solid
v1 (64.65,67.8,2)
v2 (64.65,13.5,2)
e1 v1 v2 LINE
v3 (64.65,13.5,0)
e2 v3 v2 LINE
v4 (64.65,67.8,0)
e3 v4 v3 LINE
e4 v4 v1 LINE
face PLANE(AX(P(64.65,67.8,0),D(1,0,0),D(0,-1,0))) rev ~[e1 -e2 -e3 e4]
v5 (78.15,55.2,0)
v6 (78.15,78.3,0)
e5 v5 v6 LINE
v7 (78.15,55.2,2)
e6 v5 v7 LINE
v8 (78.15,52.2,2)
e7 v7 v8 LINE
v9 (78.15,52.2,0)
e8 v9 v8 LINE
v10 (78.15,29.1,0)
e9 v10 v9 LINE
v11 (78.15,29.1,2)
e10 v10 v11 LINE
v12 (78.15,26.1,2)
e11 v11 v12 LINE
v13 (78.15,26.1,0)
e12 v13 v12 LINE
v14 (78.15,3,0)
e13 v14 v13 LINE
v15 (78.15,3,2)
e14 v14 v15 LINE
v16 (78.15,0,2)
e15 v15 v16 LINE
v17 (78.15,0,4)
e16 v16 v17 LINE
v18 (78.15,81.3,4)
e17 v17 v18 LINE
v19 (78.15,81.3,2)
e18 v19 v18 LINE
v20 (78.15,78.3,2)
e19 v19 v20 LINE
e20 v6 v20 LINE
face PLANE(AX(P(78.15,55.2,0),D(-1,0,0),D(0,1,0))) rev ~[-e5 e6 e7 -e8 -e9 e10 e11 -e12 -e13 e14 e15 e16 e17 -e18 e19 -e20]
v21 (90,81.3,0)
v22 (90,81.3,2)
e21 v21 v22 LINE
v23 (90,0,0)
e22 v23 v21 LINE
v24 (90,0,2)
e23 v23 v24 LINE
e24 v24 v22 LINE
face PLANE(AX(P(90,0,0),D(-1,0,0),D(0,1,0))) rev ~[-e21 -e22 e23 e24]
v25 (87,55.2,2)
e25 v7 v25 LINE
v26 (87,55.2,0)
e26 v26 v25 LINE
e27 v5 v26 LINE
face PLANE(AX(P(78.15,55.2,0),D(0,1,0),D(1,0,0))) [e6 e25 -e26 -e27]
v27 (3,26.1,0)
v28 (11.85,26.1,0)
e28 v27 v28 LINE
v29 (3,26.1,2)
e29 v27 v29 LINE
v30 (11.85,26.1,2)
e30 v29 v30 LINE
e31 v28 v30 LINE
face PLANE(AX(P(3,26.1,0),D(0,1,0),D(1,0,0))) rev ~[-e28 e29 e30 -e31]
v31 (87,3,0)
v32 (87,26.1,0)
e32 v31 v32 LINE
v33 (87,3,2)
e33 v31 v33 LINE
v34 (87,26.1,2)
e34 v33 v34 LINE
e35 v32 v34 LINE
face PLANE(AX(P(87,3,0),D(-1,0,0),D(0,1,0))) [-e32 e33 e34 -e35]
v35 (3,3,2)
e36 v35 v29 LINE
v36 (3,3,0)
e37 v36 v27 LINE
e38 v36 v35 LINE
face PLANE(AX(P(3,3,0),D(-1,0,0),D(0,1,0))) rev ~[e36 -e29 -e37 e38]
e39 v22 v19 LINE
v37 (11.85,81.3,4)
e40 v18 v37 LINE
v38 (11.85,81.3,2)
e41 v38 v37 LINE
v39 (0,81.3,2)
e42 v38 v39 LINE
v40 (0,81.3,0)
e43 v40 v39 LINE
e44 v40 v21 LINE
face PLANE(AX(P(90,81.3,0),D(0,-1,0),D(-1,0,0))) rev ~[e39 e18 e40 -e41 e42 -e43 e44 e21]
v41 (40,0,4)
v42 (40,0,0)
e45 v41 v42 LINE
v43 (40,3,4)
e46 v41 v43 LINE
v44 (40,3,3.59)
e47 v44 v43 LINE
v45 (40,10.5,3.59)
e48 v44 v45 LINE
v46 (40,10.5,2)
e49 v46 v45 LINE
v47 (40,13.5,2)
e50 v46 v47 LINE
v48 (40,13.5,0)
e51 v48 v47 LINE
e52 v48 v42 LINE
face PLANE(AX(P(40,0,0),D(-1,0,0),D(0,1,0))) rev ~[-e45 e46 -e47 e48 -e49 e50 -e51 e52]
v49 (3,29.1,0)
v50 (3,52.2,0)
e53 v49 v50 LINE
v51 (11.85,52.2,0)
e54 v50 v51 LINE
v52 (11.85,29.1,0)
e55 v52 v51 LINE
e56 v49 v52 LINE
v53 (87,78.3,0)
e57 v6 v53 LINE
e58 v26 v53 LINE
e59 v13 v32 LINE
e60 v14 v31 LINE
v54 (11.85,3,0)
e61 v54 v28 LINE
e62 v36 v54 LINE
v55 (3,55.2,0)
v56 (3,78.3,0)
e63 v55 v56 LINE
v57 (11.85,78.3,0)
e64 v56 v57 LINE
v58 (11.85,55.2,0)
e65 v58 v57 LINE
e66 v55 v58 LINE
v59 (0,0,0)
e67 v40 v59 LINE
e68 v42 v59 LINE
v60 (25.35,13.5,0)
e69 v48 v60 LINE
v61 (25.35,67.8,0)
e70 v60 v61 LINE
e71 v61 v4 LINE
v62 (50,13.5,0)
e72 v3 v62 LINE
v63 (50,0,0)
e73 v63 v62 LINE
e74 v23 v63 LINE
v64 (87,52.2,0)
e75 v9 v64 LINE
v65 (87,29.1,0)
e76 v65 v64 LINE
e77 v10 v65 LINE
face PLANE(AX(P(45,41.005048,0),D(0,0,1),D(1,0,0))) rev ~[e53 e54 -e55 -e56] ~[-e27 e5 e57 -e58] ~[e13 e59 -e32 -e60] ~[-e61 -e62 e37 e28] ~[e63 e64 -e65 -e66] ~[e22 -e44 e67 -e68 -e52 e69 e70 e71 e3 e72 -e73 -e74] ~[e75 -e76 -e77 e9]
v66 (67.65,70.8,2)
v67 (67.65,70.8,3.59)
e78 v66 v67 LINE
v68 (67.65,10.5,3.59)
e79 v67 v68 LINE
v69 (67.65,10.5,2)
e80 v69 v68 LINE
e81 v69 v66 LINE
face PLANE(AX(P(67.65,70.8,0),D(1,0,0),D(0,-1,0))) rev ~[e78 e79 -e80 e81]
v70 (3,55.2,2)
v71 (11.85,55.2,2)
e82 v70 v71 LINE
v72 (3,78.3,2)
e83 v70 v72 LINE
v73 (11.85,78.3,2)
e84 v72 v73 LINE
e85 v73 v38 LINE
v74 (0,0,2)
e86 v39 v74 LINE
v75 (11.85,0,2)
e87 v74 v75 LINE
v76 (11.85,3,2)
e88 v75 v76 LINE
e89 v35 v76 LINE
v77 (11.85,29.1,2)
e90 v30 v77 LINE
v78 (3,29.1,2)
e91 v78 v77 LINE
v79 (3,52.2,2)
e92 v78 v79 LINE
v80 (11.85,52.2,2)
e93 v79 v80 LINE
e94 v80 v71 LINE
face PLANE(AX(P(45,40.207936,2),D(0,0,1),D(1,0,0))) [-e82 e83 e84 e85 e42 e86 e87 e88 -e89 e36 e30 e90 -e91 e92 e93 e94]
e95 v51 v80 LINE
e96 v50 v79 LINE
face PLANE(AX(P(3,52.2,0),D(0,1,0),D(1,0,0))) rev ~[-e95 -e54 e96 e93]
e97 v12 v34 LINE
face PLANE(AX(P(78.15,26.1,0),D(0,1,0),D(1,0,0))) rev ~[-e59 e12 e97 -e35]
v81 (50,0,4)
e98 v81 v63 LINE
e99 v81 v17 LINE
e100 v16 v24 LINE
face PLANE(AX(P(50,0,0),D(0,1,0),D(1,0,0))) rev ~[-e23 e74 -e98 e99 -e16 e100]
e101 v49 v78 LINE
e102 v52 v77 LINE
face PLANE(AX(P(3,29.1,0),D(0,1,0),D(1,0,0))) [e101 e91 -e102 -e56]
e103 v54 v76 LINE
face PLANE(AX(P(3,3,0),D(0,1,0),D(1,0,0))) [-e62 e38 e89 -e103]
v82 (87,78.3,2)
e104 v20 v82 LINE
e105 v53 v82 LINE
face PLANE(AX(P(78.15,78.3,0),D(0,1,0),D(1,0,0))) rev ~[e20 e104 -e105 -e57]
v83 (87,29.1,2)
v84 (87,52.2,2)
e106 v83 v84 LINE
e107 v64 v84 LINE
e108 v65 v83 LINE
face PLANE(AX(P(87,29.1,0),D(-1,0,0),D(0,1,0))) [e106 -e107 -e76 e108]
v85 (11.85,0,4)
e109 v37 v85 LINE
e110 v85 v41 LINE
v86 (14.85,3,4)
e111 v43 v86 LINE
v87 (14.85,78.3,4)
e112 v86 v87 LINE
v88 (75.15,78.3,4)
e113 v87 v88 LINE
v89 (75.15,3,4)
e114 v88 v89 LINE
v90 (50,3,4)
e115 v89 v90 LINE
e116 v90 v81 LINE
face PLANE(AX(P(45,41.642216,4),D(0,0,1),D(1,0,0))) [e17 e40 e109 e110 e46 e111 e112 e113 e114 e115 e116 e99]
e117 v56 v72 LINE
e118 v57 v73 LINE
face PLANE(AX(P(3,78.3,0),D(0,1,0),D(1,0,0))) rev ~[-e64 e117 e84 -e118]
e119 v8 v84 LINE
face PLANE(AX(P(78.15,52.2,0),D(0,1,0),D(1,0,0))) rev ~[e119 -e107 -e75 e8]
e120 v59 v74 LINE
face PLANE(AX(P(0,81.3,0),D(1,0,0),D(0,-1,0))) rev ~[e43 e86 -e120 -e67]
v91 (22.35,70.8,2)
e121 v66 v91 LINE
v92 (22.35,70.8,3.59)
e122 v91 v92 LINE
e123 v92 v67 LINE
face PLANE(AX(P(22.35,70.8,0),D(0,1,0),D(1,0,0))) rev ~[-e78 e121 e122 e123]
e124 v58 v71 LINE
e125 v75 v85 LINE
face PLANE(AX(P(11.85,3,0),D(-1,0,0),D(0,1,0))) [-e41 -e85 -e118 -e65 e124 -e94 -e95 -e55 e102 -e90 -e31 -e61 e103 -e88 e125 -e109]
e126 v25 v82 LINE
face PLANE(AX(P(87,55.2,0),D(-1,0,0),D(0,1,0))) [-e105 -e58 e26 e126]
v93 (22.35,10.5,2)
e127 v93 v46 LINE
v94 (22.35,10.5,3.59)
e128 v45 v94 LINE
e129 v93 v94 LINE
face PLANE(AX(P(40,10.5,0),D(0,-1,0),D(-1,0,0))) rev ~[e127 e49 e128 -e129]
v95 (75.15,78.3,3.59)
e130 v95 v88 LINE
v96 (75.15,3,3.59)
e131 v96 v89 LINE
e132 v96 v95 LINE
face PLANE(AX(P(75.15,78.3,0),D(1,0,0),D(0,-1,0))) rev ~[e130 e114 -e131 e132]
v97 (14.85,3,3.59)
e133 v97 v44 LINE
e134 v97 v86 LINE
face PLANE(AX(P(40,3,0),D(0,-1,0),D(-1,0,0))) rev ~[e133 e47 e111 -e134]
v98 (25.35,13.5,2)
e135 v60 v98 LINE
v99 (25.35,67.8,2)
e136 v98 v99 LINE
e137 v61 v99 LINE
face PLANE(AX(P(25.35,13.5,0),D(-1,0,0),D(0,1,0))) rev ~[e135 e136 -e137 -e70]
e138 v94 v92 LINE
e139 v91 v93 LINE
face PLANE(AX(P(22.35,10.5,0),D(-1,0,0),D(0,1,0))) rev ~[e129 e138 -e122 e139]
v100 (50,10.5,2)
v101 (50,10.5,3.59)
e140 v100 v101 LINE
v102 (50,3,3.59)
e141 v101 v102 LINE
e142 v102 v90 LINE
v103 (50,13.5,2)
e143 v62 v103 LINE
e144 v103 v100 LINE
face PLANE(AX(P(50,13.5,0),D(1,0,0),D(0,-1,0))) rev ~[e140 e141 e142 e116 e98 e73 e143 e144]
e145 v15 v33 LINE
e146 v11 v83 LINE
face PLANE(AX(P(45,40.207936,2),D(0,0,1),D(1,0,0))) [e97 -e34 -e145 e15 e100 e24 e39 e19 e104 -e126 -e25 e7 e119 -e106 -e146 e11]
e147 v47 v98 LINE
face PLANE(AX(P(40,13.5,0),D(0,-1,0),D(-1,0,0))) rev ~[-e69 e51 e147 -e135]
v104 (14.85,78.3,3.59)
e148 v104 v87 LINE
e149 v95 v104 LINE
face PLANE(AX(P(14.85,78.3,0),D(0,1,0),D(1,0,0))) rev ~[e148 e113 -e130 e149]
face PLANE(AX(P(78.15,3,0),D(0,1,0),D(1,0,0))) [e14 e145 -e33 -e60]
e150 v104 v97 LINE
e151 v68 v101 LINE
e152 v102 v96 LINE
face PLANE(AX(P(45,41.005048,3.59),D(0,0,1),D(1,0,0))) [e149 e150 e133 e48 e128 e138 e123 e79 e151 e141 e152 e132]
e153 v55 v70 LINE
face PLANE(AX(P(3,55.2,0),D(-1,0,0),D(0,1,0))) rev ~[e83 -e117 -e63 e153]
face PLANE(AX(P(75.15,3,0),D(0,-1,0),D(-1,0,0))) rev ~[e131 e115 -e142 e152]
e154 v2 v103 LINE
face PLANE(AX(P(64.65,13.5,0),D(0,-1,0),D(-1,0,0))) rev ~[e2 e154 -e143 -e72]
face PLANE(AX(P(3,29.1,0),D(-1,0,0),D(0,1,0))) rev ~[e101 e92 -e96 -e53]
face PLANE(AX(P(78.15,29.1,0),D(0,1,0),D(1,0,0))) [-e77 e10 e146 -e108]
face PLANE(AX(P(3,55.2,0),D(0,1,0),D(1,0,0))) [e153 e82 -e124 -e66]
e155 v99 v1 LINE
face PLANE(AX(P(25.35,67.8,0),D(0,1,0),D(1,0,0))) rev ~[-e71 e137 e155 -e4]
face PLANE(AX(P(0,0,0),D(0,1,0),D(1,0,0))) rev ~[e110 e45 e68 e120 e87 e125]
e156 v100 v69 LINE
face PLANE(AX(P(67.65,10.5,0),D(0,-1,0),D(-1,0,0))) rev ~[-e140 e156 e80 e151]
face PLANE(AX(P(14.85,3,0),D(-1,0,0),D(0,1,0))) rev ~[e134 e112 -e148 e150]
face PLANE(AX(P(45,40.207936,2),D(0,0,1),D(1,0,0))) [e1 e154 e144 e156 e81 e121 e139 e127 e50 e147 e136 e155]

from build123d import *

# Parameters (mm, degrees)
SKETCH1_W           = 8.85
SKETCH1_H           = 23.1
BOSS_EXTRUDE1_DEPTH = 2
BOSS_EXTRUDE2_DEPTH = 3.59
BOSS_EXTRUDE3_DEPTH = 4


with BuildPart() as part:
    # Sketch1 → Boss-Extrude1 (new body)
    with BuildSketch(Plane.XY):
        Polygon((0, 81.3), (0, 0), (40, 0), (40, 13.5), (25.35, 13.5), (25.35, 67.8), (64.65, 67.8), (64.65, 13.5), (50, 13.5), (50, 0), (90, 0), (90, 81.3), align=None)
        with Locations((82.575, 14.55)):
            Rectangle(SKETCH1_W, SKETCH1_H, mode=Mode.SUBTRACT)
        with Locations((82.575, 40.65)):
            Rectangle(SKETCH1_W, SKETCH1_H, mode=Mode.SUBTRACT)
        with Locations((82.575, 66.75)):
            Rectangle(SKETCH1_W, SKETCH1_H, mode=Mode.SUBTRACT)
        with Locations((7.425, 66.75)):
            Rectangle(SKETCH1_W, SKETCH1_H, mode=Mode.SUBTRACT)
        with Locations((7.425, 40.65)):
            Rectangle(SKETCH1_W, SKETCH1_H, mode=Mode.SUBTRACT)
        with Locations((7.425, 14.55)):
            Rectangle(SKETCH1_W, SKETCH1_H, mode=Mode.SUBTRACT)
    extrude(amount=BOSS_EXTRUDE1_DEPTH)

    # Sketch1<3> → Boss-Extrude2 (add)
    with BuildSketch(Plane.XY):
        Polygon((14.85, 3), (40, 3), (40, 10.5), (22.35, 10.5), (22.35, 70.8), (67.65, 70.8), (67.65, 10.5), (50, 10.5), (50, 3), (75.15, 3), (75.15, 78.3), (14.85, 78.3), align=None)
    extrude(amount=BOSS_EXTRUDE2_DEPTH)

    # Sketch1<4> → Boss-Extrude3 (add)
    with BuildSketch(Plane.XY):
        Polygon((11.85, 3), (11.85, 0), (40, 0), (40, 3), (14.85, 3), (14.85, 78.3), (75.15, 78.3), (75.15, 3), (50, 3), (50, 0), (78.15, 0), (78.15, 3), (78.15, 26.1), (78.15, 29.1), (78.15, 52.2), (78.15, 55.2), (78.15, 78.3), (78.15, 81.3), (11.85, 81.3), (11.85, 78.3), (11.85, 55.2), (11.85, 52.2), (11.85, 29.1), (11.85, 26.1), align=None)
    extrude(amount=BOSS_EXTRUDE3_DEPTH)


solid = part.part
